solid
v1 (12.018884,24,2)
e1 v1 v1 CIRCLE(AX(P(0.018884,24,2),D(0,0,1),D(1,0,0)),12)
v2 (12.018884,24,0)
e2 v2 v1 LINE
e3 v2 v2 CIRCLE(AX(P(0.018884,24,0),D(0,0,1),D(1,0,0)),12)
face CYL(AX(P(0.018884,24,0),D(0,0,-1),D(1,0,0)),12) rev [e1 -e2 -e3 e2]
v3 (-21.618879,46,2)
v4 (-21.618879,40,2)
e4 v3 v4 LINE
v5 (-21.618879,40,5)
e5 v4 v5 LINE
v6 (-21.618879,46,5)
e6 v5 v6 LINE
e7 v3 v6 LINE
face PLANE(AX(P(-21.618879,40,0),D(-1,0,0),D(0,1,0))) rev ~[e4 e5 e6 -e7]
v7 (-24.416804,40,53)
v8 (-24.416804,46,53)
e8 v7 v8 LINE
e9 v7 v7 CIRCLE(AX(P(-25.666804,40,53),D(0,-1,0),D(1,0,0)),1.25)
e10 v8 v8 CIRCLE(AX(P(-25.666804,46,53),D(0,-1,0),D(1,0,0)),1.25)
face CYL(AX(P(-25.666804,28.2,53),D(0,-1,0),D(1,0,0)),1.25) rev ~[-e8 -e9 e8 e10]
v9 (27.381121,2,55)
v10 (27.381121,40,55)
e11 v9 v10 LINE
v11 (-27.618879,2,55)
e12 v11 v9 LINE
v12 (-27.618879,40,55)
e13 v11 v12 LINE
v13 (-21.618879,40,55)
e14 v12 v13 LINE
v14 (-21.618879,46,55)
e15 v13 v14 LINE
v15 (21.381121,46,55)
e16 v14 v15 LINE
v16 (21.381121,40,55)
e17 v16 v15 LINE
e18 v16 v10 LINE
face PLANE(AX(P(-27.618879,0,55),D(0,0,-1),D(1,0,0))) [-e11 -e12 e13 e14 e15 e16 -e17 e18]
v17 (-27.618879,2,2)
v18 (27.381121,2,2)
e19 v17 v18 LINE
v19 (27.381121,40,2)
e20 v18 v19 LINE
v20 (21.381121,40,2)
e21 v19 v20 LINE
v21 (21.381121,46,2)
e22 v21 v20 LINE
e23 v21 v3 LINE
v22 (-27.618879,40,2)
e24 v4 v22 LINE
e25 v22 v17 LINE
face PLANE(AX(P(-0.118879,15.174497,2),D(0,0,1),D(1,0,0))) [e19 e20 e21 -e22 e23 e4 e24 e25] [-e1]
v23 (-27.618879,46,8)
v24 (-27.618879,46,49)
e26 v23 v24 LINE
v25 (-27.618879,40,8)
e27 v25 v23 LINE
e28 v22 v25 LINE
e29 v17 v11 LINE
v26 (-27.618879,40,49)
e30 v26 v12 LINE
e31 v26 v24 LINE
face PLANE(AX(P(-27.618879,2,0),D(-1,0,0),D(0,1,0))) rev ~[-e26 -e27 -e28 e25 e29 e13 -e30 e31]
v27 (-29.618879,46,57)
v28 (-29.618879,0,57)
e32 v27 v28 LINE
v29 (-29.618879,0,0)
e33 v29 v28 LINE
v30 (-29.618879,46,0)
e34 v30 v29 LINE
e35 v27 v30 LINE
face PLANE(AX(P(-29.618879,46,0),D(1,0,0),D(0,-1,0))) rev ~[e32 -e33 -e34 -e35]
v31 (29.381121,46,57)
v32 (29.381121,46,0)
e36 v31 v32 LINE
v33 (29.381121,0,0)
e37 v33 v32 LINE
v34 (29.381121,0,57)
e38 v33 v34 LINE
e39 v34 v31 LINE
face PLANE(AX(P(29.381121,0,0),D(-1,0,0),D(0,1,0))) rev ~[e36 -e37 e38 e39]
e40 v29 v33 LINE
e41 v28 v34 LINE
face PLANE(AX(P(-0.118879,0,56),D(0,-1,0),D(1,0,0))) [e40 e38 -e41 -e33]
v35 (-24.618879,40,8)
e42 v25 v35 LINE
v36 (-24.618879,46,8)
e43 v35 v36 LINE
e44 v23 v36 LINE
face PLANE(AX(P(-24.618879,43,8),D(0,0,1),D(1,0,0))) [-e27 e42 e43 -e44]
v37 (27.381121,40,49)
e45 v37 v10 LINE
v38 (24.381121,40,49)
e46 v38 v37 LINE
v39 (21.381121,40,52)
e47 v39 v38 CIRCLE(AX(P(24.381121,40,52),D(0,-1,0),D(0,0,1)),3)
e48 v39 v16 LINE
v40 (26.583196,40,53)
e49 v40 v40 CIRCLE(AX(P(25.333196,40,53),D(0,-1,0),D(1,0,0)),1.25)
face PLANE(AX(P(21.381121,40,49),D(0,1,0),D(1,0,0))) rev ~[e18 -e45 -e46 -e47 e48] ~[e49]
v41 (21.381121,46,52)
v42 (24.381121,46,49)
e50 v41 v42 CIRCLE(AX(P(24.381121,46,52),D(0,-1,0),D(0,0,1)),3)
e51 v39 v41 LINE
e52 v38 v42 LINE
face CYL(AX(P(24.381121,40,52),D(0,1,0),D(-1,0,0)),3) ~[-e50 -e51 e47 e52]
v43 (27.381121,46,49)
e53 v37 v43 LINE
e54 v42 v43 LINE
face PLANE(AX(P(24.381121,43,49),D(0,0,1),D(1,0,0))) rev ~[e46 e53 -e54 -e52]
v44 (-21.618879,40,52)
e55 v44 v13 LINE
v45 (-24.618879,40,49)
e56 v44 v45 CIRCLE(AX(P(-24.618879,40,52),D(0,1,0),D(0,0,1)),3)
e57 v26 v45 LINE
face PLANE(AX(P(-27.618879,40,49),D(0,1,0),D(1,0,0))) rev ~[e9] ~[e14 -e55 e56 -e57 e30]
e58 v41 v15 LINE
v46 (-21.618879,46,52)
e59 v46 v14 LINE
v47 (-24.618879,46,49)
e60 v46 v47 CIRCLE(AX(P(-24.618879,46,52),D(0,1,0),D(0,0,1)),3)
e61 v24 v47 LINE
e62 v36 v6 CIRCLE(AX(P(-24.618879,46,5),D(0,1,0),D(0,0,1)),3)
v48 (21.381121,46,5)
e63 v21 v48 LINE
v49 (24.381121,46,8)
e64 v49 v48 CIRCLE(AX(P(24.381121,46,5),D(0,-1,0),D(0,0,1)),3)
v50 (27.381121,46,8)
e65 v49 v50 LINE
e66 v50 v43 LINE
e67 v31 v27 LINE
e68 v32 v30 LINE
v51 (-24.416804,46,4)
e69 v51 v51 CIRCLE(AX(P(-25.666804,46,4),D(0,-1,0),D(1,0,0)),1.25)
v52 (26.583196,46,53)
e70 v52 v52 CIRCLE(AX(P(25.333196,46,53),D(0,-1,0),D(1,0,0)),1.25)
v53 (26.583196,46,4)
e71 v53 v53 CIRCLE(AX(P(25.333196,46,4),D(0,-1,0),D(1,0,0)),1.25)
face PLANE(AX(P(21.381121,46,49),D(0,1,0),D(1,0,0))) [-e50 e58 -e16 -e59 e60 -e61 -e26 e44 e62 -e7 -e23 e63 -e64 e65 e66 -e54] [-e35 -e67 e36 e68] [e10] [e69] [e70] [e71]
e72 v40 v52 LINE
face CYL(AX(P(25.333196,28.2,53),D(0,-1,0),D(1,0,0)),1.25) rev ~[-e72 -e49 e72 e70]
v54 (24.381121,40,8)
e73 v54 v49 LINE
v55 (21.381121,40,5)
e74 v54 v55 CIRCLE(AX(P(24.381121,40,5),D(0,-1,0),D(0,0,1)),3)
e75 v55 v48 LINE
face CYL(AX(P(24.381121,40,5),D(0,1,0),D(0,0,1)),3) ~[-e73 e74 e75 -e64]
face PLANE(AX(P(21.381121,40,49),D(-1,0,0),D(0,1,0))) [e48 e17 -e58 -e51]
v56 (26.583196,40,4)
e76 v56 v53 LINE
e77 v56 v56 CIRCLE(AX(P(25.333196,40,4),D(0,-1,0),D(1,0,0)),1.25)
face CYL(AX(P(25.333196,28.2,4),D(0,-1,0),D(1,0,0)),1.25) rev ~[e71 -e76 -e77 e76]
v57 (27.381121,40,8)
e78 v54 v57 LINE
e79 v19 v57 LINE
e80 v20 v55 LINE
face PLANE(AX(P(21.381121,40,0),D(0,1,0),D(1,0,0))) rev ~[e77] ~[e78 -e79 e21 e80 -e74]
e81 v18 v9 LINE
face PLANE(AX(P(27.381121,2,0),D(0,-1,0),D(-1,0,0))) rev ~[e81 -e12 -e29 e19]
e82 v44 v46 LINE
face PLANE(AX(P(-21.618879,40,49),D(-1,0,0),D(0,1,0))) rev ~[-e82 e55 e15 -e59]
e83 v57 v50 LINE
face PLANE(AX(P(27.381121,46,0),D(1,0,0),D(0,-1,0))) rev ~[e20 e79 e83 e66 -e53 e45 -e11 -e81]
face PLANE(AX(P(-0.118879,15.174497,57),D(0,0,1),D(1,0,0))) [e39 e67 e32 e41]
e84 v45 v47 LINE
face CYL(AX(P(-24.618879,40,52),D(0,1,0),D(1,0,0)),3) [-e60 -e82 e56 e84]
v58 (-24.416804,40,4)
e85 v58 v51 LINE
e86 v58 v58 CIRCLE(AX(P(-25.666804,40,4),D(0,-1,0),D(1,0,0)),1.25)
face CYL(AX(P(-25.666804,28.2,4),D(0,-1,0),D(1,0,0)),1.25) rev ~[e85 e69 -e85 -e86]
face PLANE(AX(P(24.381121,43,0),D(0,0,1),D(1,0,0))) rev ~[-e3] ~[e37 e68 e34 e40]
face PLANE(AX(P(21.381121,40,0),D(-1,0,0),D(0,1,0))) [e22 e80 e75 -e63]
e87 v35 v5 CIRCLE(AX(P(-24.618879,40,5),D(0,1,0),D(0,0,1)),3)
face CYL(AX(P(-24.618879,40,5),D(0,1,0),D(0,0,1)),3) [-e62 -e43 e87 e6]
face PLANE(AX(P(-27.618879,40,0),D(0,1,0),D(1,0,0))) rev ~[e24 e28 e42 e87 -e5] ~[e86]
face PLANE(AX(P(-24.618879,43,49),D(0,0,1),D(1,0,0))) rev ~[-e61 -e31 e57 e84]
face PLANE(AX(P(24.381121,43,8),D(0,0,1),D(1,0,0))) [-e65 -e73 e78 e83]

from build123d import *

# Parameters (mm, degrees)
F0_R     = 12
F0_W     = 6
F0_H     = 6
F1_DEPTH = 2
F2_DEPTH = 57
F3_W     = 55
F3_H     = 2
F4_DEPTH = 46
F5_DEPTH = 8
F6_START = 49
F6_DEPTH = 6
F8_START = -28.2
F7_R     = 1.25
F8_DEPTH = 30.8
F9_R     = 3


with BuildPart() as f1:
    # F0 (on Top) → F1 (new body)
    with BuildSketch(Plane.XY):
        Polygon((-27.6188791469, 46), (-29.6188791469, 46), (-29.6188791469, 0), (29.3811208531, 0), (29.3811208531, 46), (27.3811208531, 46), (27.3811208531, 40), (27.3811208531, 2), (-27.6188791469, 2), (-27.6188791469, 40), align=None)
        Polygon((21.3811208531, 46), (-21.6188791469, 46), (-21.6188791469, 40), (-27.6188791469, 40), (-27.6188791469, 2), (27.3811208531, 2), (27.3811208531, 40), (21.3811208531, 40), align=None)
        with Locations((0.0188835789, 24)):
            Circle(F0_R, mode=Mode.SUBTRACT)
        with Locations((-24.6188791469, 43)):
            Rectangle(F0_W, F0_H)
        with Locations((24.3811208531, 43)):
            Rectangle(F0_W, F0_H)
    extrude(amount=F1_DEPTH)

    # F0 (on Top) → F2 (join)
    with BuildSketch(Plane.XY):
        Polygon((-27.6188791469, 46), (-29.6188791469, 46), (-29.6188791469, 0), (29.3811208531, 0), (29.3811208531, 46), (27.3811208531, 46), (27.3811208531, 40), (27.3811208531, 2), (-27.6188791469, 2), (-27.6188791469, 40), align=None)
    extrude(amount=F2_DEPTH)

    # F3 (on Front) → F4 (join)
    with BuildSketch(Plane.XZ):
        with Locations((-0.1188791469, 56)):
            Rectangle(F3_W, F3_H)
    extrude(amount=-F4_DEPTH)

    # F0 (on Top) → F5 (join)
    with BuildSketch(Plane.XY):
        with Locations((24.3811208531, 43)):
            Rectangle(F0_W, F0_H)
        with Locations((-24.6188791469, 43)):
            Rectangle(F0_W, F0_H)
    extrude(amount=F5_DEPTH)

    # F0 (on Top) → F6 (join)
    with BuildSketch(Plane.XY.offset(F6_START)):
        with Locations((24.3811208531, 43)):
            Rectangle(F0_W, F0_H)
        with Locations((-24.6188791469, 43)):
            Rectangle(F0_W, F0_H)
    extrude(amount=F6_DEPTH)

    # F7 (on Front) → F8 (cut)
    with BuildSketch(Plane.XZ.offset(F8_START)):
        with Locations((25.3331962228, 53)):
            Circle(F7_R)
        with Locations((-25.6668037772, 53)):
            Circle(F7_R)
        with Locations((-25.6668037772, 4)):
            Circle(F7_R)
        with Locations((25.3331962228, 4)):
            Circle(F7_R)
    extrude(amount=-F8_DEPTH, mode=Mode.SUBTRACT)

    # F9
    f9_edges = [f1.edges().sort_by_distance(p)[0] for p in [
        (21.381121, 43, 49),
        (-21.618879, 43, 49),
        (-21.618879, 43, 8),
        (21.381121, 43, 8),
    ]]
    fillet(f9_edges, radius=F9_R)


solid = f1.part
